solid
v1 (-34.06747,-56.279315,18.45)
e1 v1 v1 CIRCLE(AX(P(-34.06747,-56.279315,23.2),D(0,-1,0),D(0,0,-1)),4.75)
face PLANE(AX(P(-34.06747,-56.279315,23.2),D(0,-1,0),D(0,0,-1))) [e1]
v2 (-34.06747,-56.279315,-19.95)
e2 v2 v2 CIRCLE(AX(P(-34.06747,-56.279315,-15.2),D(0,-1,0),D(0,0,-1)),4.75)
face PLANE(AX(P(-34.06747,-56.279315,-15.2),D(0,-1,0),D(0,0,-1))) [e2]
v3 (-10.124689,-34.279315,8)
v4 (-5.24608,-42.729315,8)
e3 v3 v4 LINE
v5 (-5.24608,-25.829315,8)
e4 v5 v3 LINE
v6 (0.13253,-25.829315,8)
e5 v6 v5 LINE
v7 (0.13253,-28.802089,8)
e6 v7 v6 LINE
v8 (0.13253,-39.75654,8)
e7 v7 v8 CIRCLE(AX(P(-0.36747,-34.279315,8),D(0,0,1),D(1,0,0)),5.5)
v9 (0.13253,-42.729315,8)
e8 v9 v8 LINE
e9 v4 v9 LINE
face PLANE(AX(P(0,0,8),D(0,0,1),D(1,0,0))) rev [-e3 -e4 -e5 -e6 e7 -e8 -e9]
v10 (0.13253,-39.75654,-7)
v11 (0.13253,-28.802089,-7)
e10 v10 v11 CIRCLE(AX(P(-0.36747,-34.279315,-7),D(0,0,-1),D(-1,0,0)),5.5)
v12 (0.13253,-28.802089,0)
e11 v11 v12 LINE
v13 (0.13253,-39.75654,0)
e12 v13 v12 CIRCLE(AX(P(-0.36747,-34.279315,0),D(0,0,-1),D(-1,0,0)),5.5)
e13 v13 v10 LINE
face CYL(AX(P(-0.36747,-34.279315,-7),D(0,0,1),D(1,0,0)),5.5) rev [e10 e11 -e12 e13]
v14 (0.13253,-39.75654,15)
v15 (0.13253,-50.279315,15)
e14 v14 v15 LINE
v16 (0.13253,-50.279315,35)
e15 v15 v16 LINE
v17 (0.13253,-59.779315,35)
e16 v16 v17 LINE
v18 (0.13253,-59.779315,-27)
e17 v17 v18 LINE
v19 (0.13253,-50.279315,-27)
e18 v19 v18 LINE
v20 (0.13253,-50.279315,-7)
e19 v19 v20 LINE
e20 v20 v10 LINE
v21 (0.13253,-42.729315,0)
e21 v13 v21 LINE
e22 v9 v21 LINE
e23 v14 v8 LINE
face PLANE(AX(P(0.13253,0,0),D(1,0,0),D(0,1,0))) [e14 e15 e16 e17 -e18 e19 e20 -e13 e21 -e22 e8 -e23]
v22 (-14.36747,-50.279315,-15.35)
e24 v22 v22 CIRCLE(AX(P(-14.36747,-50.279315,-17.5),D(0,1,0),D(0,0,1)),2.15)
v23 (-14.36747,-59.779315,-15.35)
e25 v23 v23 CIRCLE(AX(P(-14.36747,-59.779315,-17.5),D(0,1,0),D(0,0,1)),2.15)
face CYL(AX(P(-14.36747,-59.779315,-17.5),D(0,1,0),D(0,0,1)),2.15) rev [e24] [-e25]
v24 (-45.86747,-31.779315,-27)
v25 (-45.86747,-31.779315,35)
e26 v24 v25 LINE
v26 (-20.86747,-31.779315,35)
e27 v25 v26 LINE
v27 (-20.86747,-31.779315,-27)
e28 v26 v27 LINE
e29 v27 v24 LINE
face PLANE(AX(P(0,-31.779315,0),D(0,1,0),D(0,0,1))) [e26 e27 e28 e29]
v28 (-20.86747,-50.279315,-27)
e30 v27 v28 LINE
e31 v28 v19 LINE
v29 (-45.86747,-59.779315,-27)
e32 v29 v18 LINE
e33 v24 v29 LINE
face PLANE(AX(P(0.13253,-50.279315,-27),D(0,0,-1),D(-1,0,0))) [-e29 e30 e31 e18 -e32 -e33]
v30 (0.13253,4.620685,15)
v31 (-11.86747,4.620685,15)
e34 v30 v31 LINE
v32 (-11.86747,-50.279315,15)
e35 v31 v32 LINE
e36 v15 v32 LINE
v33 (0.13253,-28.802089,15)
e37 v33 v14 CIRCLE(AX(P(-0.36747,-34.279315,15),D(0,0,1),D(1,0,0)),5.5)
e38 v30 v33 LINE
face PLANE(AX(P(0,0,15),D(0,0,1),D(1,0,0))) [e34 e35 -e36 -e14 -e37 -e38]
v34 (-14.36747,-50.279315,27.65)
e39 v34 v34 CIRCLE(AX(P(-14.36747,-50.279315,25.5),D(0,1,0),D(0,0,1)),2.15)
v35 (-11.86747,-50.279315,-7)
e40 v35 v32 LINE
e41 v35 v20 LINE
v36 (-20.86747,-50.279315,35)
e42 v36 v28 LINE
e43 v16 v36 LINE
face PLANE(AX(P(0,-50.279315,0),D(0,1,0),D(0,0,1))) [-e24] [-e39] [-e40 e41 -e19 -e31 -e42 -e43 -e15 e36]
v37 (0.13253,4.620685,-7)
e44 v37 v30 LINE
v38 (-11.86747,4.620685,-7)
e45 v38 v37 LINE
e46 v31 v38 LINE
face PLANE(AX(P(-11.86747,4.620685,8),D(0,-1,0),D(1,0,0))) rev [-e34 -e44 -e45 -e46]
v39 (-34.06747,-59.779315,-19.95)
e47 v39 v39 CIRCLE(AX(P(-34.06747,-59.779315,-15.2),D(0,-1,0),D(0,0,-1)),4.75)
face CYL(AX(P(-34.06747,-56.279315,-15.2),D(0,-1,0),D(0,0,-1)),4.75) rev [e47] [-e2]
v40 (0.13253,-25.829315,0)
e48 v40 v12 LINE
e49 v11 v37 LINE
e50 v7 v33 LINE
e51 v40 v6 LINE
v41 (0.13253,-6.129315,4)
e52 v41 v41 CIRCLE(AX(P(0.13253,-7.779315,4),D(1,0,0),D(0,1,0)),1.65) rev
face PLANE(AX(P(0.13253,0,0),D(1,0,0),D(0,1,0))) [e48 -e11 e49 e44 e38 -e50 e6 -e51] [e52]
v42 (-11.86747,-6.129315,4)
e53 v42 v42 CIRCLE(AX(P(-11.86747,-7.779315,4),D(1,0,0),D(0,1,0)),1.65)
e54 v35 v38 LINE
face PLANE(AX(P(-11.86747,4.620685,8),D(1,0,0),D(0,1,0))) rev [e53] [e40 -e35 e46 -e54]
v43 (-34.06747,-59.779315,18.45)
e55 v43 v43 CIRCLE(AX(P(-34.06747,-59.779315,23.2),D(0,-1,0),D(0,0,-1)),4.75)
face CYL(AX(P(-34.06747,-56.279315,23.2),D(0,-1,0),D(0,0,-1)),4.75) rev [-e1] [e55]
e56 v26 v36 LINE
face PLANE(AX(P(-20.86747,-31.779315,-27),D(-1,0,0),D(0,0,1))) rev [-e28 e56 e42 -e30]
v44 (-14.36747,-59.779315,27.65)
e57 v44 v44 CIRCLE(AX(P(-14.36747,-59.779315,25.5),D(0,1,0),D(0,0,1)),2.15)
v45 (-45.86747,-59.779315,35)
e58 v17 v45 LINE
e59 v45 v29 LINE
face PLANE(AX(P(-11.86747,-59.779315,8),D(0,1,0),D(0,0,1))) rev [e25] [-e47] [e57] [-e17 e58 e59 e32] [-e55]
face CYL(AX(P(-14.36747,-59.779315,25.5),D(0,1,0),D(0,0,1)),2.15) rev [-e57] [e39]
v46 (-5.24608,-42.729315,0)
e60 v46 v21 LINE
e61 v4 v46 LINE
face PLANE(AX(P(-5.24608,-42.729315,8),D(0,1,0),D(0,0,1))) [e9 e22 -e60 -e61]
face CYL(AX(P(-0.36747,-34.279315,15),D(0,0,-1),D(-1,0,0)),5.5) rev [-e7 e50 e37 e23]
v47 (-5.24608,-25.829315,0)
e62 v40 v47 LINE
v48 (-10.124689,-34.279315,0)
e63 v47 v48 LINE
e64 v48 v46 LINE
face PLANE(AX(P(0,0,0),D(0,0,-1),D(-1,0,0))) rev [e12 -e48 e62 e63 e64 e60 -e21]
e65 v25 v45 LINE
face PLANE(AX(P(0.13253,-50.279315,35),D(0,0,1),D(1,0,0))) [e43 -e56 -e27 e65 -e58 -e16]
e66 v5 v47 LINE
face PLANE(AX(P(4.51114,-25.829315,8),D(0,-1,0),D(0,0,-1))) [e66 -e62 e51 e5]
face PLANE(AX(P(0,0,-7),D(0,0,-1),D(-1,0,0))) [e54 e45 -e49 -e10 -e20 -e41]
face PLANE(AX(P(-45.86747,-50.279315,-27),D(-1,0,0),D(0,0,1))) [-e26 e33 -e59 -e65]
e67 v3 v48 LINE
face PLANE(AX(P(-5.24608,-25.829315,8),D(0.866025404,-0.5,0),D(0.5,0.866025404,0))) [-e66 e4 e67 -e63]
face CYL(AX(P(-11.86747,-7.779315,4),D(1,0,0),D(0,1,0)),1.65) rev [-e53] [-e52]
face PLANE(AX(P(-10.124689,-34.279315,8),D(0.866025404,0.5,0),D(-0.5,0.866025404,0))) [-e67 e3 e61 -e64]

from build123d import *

# Parameters (mm, degrees)
SKETCH_1_W          = 23
SKETCH_1_H          = 64.4
EXTRUDE_1_DEPTH     = 8
SKETCH_3_W          = 23
SKETCH_3_H          = 64.4
SKETCH_3_R          = 5.5
EXTRUDE_2_DEPTH     = 7
SKETCH_4_W          = 23
SKETCH_4_H          = 64.4
SKETCH_4_R          = 5.5
EXTRUDE_3_DEPTH     = 7
SKETCH_5_R          = 1.65
CUT_EXTRUDE_1_DEPTH = 24
SKETCH_6_W          = 22
SKETCH_6_H          = 64.4
CUT_EXTRUDE_2_DEPTH = 11
EXTRUDE_4_DEPTH     = 9.5
SKETCH_8_R          = 2.15
CUT_EXTRUDE_3_DEPTH = 10.5
SKETCH_9_R          = 4.75
CUT_EXTRUDE_4_DEPTH = 3.5
SKETCH_10_W         = 25
SKETCH_10_H         = 62
EXTRUDE_5_DEPTH     = 18.5


with BuildPart() as part:
    # 草圖1 → 填料-伸長1 (new body)
    with BuildSketch(Plane.XY):
        with Locations((-0.36746988, -27.579314659)):
            Rectangle(SKETCH_1_W, SKETCH_1_H)
        Polygon((9.38974967, -34.279314659), (4.511139895, -25.829314659), (-5.246079654, -25.829314659), (-10.124689429, -34.279314659), (-5.246079654, -42.729314659), (4.511139895, -42.729314659), align=None, mode=Mode.SUBTRACT)
    extrude(amount=EXTRUDE_1_DEPTH)

    # 草圖3 → 填料-伸長2 (add)
    with BuildSketch(Plane.XY.offset(8)):
        with Locations((-0.36746988, -27.579314659)):
            Rectangle(SKETCH_3_W, SKETCH_3_H)
        with Locations((-0.36746988, -34.279314659)):
            Circle(SKETCH_3_R, mode=Mode.SUBTRACT)
    extrude(amount=EXTRUDE_2_DEPTH)

    # 草圖4 → 填料-伸長3 (add)
    with BuildSketch(Plane(origin=(0, 0, 0), x_dir=(-1, 0, 0), z_dir=(0, 0, -1))):
        with Locations((0.36746988, -27.579314659)):
            Rectangle(SKETCH_4_W, SKETCH_4_H)
        with Locations((0.36746988, -34.279314659)):
            Circle(SKETCH_4_R, mode=Mode.SUBTRACT)
    extrude(amount=EXTRUDE_3_DEPTH)

    # 草圖5 → 除料-伸長1 (cut, through all)
    with BuildSketch(Plane(origin=(11.13253012, 0, 0), x_dir=(0, 0, -1), z_dir=(1, 0, 0))):
        with Locations((-4, -7.779314659)):
            Circle(SKETCH_5_R)
    extrude(amount=-CUT_EXTRUDE_1_DEPTH, mode=Mode.SUBTRACT)

    # 草圖6 → 除料-伸長2 (cut)
    with BuildSketch(Plane(origin=(11.13253012, 0, 0), x_dir=(0, 0, -1), z_dir=(1, 0, 0))):
        with Locations((-4, -27.579314659)):
            Rectangle(SKETCH_6_W, SKETCH_6_H)
    extrude(amount=-CUT_EXTRUDE_2_DEPTH, mode=Mode.SUBTRACT)

    # 草圖7 → 填料-伸長4 (add)
    with BuildSketch(Plane.XZ.offset(59.779314659)):
        Polygon((0.13253012, 15), (0.13253012, 35), (-45.86746988, 35), (-45.86746988, -27), (0.13253012, -27), (0.13253012, -7), align=None)
    extrude(amount=-EXTRUDE_4_DEPTH)

    # 草圖8 → 除料-伸長3 (cut, through all)
    with BuildSketch(Plane(origin=(0, -50.279314659, 0), x_dir=(1, 0, 0), z_dir=(0, 1, 0))):
        with Locations((-14.36746988, 17.5)):
            Circle(SKETCH_8_R)
        with Locations((-14.36746988, -25.5)):
            Circle(SKETCH_8_R)
    extrude(amount=-CUT_EXTRUDE_3_DEPTH, mode=Mode.SUBTRACT)

    # 草圖9 → 除料-伸長4 (cut)
    with BuildSketch(Plane.XZ.offset(59.779314659)):
        with Locations((-34.06746988, 23.2)):
            Circle(SKETCH_9_R)
        with Locations((-34.06746988, -15.2)):
            Circle(SKETCH_9_R)
    extrude(amount=-CUT_EXTRUDE_4_DEPTH, mode=Mode.SUBTRACT)

    # 草圖10 → 填料-伸長5 (add)
    with BuildSketch(Plane(origin=(0, -50.279314659, 0), x_dir=(1, 0, 0), z_dir=(0, 1, 0))):
        with Locations((-33.36746988, -4)):
            Rectangle(SKETCH_10_W, SKETCH_10_H)
    extrude(amount=EXTRUDE_5_DEPTH)


solid = part.part
